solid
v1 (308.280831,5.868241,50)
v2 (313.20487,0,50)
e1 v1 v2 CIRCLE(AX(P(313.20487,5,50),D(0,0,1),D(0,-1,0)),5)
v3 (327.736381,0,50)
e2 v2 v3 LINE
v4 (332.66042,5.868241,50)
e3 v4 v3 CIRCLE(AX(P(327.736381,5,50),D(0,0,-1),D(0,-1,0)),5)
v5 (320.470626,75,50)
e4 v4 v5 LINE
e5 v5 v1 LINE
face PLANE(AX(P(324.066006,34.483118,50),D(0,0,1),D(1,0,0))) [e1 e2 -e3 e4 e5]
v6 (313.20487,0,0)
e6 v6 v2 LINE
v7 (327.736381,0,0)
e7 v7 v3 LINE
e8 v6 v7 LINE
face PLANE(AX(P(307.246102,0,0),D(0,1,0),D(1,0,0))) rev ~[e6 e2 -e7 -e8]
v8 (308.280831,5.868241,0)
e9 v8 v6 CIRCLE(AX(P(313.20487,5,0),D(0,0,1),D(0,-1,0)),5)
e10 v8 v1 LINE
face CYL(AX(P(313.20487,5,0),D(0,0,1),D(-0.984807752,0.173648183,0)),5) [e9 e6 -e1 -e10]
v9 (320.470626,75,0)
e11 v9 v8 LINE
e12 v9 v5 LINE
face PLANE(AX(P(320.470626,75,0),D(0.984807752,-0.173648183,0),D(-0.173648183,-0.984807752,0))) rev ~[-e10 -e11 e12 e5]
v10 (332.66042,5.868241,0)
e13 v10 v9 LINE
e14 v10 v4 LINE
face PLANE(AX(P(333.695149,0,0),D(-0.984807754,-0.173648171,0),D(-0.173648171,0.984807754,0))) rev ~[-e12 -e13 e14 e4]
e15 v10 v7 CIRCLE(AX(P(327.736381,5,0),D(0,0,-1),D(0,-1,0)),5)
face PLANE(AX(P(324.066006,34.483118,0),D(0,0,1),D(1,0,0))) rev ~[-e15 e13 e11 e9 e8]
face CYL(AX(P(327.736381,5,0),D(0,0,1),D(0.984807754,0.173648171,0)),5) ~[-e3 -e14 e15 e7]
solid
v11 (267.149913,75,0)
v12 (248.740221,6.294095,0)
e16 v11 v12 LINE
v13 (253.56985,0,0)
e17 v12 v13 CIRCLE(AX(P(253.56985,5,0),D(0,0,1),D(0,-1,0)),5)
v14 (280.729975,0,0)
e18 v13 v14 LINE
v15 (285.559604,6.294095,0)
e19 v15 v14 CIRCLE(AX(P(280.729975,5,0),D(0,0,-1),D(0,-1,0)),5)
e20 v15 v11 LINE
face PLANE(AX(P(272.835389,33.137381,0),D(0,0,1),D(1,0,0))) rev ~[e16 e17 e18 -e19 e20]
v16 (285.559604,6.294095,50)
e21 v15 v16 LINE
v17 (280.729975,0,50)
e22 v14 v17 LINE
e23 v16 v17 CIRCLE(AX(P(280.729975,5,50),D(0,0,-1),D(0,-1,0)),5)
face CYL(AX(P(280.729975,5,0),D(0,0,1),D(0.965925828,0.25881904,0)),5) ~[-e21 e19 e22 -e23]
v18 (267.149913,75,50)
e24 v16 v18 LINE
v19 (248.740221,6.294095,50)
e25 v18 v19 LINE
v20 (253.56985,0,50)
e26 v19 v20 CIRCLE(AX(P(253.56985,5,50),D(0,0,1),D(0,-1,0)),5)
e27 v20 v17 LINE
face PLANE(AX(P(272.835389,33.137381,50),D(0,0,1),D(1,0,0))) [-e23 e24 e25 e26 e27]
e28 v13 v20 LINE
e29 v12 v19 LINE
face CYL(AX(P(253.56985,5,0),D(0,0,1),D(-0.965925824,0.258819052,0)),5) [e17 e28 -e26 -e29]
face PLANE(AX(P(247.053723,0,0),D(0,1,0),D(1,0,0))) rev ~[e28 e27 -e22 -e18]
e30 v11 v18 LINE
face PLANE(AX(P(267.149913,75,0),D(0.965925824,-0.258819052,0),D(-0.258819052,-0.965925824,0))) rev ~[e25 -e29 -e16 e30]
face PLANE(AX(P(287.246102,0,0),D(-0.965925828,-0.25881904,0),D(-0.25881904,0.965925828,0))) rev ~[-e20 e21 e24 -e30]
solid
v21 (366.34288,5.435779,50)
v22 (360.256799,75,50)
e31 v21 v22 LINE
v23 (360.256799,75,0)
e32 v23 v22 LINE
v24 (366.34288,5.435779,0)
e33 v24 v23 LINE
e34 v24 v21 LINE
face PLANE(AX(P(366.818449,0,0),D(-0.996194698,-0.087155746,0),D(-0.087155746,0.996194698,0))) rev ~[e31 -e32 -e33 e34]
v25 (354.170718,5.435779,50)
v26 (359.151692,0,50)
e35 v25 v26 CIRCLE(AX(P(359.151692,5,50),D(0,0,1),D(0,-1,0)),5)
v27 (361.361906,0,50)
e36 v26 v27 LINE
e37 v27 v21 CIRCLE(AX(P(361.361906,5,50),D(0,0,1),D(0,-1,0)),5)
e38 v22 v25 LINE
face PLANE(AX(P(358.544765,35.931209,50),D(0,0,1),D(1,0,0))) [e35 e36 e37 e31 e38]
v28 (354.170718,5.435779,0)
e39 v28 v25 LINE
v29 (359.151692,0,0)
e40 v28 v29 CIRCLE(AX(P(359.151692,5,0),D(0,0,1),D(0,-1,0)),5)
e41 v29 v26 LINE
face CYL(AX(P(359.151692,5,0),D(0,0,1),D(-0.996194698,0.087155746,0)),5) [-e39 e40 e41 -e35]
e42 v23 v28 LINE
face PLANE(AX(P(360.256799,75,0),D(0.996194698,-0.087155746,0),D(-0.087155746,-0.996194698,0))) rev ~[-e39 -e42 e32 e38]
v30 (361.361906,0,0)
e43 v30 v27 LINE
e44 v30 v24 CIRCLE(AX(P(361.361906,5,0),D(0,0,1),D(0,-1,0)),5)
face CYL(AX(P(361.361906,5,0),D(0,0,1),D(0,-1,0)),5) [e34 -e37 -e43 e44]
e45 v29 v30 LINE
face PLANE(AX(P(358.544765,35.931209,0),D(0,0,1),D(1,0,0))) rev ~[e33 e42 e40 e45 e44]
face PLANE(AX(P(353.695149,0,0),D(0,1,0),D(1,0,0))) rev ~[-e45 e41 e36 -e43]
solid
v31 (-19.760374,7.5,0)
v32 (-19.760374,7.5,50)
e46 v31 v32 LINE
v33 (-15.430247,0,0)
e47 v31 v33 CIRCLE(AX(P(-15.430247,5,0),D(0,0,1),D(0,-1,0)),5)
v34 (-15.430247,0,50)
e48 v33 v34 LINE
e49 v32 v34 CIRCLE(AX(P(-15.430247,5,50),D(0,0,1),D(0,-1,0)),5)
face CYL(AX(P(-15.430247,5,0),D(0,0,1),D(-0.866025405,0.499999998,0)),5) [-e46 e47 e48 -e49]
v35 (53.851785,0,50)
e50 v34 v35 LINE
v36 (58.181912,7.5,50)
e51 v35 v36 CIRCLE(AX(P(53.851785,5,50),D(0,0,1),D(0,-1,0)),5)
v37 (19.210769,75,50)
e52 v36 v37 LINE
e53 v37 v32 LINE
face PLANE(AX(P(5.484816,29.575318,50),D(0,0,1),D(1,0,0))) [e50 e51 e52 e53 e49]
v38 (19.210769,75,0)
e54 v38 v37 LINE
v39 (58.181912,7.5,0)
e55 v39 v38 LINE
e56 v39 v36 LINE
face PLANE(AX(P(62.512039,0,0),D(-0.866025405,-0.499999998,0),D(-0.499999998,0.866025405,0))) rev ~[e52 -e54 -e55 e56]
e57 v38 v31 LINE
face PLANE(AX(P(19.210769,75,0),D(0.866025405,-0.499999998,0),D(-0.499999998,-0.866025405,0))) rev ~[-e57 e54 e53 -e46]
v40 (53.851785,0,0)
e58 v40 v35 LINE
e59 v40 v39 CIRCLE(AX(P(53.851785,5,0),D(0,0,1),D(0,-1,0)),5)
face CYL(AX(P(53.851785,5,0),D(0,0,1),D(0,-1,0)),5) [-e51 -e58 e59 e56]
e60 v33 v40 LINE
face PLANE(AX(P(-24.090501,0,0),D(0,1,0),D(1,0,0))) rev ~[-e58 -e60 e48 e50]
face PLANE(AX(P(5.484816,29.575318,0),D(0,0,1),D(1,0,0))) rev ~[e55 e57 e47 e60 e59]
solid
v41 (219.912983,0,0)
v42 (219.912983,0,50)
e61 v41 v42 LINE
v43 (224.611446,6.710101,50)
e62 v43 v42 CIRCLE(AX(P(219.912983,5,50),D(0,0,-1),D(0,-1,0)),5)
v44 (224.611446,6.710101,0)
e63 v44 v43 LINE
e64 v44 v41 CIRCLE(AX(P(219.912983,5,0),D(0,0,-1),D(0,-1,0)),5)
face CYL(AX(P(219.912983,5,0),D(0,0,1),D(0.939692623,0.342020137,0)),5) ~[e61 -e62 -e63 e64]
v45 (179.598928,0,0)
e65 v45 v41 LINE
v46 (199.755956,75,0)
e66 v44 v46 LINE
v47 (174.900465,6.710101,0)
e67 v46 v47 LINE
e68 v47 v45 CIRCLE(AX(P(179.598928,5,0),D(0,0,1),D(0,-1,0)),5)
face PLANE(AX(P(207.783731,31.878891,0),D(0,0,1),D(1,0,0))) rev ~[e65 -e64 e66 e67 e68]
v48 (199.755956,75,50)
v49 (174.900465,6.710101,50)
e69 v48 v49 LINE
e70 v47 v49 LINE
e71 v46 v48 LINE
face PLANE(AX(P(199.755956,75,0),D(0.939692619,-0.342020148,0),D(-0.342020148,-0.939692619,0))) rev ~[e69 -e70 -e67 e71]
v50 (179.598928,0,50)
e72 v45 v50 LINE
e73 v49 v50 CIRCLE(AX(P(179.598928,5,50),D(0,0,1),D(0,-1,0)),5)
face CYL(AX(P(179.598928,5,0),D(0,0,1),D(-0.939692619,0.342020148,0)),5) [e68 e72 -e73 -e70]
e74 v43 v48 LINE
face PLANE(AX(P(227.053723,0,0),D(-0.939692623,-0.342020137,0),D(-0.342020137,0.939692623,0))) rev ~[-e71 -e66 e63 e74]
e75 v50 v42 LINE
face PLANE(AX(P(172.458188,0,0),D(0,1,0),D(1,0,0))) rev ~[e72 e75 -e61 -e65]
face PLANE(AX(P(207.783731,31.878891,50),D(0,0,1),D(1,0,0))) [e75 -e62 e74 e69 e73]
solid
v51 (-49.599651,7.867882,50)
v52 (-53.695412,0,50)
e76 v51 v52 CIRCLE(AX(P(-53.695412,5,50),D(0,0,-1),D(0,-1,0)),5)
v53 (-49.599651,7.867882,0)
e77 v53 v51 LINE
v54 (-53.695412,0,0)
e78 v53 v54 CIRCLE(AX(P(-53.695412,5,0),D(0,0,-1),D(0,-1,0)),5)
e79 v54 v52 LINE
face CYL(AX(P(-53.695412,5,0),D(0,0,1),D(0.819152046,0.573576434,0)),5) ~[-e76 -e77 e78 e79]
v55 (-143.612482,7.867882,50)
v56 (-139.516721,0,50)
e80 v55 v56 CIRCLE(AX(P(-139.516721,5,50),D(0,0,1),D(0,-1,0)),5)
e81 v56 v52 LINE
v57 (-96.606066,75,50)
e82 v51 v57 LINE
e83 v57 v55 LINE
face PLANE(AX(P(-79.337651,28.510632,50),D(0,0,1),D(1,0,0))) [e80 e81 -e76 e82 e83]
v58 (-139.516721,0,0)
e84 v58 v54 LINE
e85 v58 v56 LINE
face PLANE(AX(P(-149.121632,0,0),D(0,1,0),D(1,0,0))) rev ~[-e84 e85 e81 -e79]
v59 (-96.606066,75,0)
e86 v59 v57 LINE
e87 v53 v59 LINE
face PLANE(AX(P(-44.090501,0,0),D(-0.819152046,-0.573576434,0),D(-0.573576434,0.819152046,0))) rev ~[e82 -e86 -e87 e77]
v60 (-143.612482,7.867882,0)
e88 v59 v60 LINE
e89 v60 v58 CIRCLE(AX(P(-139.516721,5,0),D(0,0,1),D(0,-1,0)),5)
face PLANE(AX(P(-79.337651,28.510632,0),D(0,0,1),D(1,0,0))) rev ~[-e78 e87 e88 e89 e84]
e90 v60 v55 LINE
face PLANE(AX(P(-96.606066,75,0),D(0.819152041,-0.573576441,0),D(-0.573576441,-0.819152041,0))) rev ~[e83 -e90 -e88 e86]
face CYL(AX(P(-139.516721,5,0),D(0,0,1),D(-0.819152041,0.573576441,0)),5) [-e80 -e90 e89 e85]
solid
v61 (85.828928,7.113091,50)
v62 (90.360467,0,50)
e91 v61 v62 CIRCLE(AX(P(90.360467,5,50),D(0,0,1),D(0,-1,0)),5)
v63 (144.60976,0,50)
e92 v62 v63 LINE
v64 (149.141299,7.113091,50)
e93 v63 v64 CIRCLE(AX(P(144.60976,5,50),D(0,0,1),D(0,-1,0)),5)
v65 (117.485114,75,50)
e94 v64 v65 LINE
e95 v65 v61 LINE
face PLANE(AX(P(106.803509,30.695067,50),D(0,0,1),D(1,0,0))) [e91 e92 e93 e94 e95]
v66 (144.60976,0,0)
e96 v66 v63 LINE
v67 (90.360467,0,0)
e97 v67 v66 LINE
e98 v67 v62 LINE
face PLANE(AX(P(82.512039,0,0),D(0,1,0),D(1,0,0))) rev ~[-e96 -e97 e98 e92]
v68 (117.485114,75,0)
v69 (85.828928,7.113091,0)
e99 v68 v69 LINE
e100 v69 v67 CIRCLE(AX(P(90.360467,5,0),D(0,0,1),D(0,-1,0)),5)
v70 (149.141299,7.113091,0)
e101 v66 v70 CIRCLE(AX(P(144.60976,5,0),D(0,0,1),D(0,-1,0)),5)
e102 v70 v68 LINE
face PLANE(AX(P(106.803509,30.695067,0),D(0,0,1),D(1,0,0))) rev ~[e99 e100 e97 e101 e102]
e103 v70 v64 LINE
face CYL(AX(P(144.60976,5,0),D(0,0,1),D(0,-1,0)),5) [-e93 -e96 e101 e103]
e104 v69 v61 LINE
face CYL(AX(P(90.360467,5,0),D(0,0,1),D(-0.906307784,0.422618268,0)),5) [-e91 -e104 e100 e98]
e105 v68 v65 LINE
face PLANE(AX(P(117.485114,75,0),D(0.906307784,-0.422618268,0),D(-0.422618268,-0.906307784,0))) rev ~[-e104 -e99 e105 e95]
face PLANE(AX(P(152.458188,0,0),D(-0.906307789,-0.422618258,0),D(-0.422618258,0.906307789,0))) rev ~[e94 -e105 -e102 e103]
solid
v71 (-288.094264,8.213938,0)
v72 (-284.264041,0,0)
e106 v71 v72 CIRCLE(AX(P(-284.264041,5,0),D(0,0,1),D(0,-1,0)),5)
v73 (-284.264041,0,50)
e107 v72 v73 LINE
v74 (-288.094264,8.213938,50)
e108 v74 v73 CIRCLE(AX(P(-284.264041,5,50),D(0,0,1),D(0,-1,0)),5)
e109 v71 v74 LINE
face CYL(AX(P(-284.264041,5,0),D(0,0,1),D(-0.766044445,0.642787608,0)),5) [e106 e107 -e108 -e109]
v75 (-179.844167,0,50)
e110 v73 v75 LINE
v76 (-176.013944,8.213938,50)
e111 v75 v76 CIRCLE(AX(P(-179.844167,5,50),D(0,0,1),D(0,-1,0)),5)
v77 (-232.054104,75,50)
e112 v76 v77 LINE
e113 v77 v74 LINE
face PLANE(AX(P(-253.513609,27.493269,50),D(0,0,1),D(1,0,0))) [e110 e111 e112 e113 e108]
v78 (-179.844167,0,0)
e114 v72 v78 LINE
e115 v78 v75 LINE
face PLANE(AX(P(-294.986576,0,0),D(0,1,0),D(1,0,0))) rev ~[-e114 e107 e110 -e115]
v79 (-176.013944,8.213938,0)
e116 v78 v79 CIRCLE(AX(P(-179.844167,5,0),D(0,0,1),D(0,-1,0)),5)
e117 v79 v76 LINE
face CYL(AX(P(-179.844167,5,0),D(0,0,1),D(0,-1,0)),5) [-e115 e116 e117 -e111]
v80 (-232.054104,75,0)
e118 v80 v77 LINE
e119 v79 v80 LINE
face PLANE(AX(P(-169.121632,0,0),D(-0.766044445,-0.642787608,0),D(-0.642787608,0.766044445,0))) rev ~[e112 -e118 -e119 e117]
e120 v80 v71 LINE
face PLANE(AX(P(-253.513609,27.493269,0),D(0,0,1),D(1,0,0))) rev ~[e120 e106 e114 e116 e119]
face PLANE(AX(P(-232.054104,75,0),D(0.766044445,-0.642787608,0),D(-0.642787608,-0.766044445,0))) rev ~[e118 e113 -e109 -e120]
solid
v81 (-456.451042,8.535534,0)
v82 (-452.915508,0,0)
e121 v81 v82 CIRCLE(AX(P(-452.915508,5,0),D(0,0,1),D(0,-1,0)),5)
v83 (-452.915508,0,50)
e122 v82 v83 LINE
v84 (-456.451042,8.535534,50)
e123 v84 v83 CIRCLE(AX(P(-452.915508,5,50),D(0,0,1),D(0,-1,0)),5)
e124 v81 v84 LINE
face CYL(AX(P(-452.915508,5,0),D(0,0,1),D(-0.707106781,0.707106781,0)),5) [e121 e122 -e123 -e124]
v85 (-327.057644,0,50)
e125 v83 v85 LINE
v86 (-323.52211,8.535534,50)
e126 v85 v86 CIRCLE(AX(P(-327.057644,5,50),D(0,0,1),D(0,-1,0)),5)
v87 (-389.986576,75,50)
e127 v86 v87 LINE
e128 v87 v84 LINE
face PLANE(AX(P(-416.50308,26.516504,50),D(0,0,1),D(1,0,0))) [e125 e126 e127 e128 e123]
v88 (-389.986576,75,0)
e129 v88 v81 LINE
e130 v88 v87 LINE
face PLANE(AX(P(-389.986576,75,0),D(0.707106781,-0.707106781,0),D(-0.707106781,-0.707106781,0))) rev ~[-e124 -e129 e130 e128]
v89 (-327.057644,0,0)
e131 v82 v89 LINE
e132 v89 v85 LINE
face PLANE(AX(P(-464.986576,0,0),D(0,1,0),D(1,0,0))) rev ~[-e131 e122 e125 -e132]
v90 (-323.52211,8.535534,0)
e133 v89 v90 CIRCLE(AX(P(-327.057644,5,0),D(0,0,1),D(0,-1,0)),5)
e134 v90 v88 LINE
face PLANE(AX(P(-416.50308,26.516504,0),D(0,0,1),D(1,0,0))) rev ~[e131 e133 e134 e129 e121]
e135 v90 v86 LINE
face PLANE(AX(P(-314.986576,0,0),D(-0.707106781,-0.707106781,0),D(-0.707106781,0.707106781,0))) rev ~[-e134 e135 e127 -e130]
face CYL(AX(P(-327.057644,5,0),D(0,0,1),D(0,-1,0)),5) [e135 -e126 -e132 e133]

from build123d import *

# Parameters (mm, degrees)
F1_DEPTH = 50
F2_R     = 5


with BuildPart() as f1:
    # F0 (on Top) → F1 (new body)
    with BuildSketch(Plane.XY):
        Polygon((-389.986576, 75), (-464.986576, 0), (-389.986576, 0), align=None)
        Polygon((-389.986576, 75), (-389.986576, 0), (-314.986576, 0), align=None)
        Polygon((-232.054104, 0), (-232.054104, 75), (-294.986576, 0), align=None)
        Polygon((-169.121632, 0), (-232.054104, 75), (-232.054104, 0), align=None)
        Polygon((-44.090501, 0), (-96.606066, 75), (-96.606066, 0), align=None)
        Polygon((-96.606066, 0), (-96.606066, 75), (-149.121632, 0), align=None)
        Polygon((19.210769, 0), (19.210769, 75), (-24.090501, 0), align=None)
        Polygon((62.512039, 0), (19.210769, 75), (19.210769, 0), align=None)
        Polygon((117.485114, 0), (117.485114, 75), (82.512039, 0), align=None)
        Polygon((152.458188, 0), (117.485114, 75), (117.485114, 0), align=None)
        Polygon((227.053723, 0), (199.755956, 75), (199.755956, 0), align=None)
        Polygon((199.755956, 0), (199.755956, 75), (172.458188, 0), align=None)
        Polygon((287.246102, 0), (267.149913, 75), (267.149913, 0), align=None)
        Polygon((333.695149, 0), (320.470626, 75), (320.470626, 0), align=None)
        Polygon((320.470626, 0), (320.470626, 75), (307.246102, 0), align=None)
        Polygon((360.256799, 0), (360.256799, 75), (353.695149, 0), align=None)
        Polygon((366.818449, 0), (360.256799, 75), (360.256799, 0), align=None)
        Polygon((267.149913, 0), (267.149913, 75), (247.053723, 0), align=None)
    extrude(amount=F1_DEPTH)

    # F2
    f2_edges = [f1.edges().sort_by_distance(p)[0] for p in [
        (-464.986576, 0, 25),
        (-314.986576, 0, 25),
        (-294.986576, 0, 25),
        (-169.121632, 0, 25),
        (-149.121632, 0, 25),
        (-44.090501, 0, 25),
        (-24.090501, 0, 25),
        (62.512039, 0, 25),
        (82.512039, 0, 25),
        (152.458188, 0, 25),
        (172.458188, 0, 25),
        (227.053723, 0, 25),
        (247.053723, 0, 25),
        (287.246102, 0, 25),
        (307.246102, 0, 25),
        (333.695149, 0, 25),
        (353.695149, 0, 25),
        (366.818449, 0, 25),
    ]]
    fillet(f2_edges, radius=F2_R)


solid = f1.part
